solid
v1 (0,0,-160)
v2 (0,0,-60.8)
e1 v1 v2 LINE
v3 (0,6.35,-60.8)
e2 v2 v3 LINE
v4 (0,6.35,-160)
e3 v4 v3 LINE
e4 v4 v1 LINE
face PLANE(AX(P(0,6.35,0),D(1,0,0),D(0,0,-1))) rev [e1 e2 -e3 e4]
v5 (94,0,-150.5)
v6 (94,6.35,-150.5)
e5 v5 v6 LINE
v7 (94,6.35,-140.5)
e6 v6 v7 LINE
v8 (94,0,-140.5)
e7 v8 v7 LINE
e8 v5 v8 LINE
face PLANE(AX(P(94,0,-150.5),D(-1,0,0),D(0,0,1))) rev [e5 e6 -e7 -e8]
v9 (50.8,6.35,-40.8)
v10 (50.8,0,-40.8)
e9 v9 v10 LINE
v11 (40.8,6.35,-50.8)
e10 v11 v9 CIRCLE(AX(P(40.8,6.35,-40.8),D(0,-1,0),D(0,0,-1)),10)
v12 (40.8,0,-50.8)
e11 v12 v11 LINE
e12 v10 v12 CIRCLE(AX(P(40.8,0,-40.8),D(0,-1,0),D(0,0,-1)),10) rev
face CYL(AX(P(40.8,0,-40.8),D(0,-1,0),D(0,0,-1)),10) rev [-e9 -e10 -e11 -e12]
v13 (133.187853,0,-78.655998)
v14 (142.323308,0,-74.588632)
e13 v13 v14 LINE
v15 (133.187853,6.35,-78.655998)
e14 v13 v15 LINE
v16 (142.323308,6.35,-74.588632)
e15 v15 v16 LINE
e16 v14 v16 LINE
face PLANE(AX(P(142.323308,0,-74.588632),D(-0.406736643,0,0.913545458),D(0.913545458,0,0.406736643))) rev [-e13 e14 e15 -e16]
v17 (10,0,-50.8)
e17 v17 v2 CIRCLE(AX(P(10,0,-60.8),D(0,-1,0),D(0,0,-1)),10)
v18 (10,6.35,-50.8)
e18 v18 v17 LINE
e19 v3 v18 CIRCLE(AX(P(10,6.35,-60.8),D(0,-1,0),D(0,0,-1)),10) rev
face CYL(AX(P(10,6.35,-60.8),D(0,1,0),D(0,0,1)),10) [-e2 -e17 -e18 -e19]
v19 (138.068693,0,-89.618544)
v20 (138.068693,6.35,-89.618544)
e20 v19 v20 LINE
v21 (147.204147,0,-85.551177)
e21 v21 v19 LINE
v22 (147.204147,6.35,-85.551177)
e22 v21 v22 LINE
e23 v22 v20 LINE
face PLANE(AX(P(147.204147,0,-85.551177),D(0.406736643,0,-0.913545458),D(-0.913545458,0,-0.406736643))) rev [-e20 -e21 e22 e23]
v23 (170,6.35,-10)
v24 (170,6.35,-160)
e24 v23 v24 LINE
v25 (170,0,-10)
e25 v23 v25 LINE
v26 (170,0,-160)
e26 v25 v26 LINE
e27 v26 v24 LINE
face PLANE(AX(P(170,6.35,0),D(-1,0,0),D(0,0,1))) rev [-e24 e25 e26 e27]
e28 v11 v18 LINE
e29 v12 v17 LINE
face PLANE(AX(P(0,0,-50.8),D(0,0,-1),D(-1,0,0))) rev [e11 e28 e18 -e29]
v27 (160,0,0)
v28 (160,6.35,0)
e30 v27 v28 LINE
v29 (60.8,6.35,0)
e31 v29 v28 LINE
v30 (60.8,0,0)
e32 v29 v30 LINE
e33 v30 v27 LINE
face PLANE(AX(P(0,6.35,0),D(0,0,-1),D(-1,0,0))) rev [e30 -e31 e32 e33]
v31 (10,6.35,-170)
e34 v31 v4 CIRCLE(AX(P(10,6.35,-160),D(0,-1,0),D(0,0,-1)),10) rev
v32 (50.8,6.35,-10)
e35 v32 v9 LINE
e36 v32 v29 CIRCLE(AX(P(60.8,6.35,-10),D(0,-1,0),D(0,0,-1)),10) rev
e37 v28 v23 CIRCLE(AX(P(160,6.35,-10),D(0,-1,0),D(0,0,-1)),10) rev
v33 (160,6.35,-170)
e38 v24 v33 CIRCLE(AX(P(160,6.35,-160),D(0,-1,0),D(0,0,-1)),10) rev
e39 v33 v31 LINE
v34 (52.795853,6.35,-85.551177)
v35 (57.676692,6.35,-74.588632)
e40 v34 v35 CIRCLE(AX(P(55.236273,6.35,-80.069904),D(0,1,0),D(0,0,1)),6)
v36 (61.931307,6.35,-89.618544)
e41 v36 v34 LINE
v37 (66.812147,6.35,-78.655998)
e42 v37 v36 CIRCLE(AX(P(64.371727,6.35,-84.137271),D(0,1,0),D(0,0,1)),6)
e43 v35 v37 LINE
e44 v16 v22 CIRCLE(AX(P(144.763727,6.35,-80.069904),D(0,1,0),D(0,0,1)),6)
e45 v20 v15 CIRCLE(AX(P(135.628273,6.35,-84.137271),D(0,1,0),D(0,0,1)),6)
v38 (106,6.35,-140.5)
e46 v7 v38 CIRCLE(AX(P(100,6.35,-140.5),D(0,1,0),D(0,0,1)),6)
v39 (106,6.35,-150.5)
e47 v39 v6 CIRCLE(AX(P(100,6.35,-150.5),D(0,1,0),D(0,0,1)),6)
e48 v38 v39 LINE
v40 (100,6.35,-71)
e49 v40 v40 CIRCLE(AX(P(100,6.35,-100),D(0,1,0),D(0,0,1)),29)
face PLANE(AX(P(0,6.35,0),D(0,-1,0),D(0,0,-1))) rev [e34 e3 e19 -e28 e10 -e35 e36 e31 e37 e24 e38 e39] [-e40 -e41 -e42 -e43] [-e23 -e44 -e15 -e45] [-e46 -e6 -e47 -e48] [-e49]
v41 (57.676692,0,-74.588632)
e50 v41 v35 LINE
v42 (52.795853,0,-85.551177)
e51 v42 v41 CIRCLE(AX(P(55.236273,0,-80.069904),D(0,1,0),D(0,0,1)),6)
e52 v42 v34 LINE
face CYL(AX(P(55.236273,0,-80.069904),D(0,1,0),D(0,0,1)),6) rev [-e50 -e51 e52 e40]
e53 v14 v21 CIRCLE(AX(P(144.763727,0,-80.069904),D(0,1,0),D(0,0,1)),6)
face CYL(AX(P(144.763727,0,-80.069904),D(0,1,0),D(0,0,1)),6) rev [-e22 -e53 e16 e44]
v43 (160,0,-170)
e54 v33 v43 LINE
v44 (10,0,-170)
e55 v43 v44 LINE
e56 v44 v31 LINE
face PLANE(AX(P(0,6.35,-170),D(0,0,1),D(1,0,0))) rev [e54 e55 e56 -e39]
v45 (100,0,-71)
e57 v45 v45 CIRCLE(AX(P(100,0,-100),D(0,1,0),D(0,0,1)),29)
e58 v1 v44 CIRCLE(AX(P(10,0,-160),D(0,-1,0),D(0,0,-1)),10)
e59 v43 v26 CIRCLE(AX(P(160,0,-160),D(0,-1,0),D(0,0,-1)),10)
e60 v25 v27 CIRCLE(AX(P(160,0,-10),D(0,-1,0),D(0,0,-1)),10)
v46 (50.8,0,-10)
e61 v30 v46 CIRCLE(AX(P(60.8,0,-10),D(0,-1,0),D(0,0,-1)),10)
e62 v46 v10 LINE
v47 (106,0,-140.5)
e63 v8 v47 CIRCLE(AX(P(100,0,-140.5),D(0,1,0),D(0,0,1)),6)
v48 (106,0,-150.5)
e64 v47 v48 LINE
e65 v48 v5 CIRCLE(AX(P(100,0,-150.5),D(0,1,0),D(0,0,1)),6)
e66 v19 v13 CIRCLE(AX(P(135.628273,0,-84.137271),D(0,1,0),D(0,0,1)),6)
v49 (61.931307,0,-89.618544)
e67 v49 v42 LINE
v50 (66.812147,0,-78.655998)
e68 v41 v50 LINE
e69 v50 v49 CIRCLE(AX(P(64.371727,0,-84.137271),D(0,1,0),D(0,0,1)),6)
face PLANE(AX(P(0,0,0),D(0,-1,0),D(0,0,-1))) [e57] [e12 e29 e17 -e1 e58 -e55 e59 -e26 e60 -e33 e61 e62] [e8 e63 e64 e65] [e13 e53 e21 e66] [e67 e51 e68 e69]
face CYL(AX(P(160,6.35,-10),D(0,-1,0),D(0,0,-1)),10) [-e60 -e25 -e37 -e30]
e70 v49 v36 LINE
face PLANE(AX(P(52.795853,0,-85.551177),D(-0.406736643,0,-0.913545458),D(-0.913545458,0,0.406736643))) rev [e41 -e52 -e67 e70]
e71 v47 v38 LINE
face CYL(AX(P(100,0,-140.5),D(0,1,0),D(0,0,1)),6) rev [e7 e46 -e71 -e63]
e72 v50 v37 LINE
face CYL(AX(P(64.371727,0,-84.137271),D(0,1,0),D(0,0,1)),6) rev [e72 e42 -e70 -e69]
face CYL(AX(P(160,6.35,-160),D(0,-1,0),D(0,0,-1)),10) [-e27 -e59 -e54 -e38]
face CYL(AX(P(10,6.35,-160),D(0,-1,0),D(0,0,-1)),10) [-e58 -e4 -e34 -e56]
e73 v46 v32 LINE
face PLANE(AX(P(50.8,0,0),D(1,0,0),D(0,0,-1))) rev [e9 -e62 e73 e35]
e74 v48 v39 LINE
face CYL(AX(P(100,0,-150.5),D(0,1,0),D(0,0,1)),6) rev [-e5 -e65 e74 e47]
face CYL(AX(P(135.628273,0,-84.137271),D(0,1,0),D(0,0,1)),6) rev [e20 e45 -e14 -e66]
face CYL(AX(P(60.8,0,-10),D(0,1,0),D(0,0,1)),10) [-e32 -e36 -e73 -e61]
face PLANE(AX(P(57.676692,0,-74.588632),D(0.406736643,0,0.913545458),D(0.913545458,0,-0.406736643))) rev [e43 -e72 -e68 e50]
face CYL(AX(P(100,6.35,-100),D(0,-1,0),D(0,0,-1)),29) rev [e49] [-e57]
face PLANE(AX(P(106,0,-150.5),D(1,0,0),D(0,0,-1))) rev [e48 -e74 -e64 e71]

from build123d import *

# Parameters (mm, degrees)
SKETCH1_W           = 170
SKETCH1_H           = 170
SKETCH1_R           = 29
BOSS_EXTRUDE1_DEPTH = 6.35
SKETCH2_W           = 50.8
SKETCH2_H           = 50.8
CUT_EXTRUDE1_DEPTH  = 241.500150728
FILLET1_R           = 10
CUT_EXTRUDE2_DEPTH  = 241.500150728


with BuildPart() as part:
    # Sketch1 → Boss-Extrude1 (new body)
    with BuildSketch(Plane(origin=(0, 0, 0), x_dir=(1, 0, 0), z_dir=(0, 1, 0))):
        with Locations((85, 85)):
            Rectangle(SKETCH1_W, SKETCH1_H)
        with Locations(Location((100, 100, 0), (0, 0, 270))):
            Circle(SKETCH1_R, mode=Mode.SUBTRACT)
    extrude(amount=BOSS_EXTRUDE1_DEPTH)

    # Sketch2 → Cut-Extrude1 (cut, through all)
    with BuildSketch(Plane(origin=(0, 6.35, 0), x_dir=(1, 0, 0), z_dir=(0, 1, 0))):
        with Locations((25.4, 25.4)):
            Rectangle(SKETCH2_W, SKETCH2_H)
    extrude(amount=-CUT_EXTRUDE1_DEPTH, mode=Mode.SUBTRACT)

    # Fillet1
    fillet1_edges = [part.edges().sort_by_distance(p)[0] for p in [
        (0, 3.175, -50.8),
        (50.8, 3.175, -50.8),
        (50.8, 3.175, 0),
        (0, 3.175, -170),
        (170, 3.175, -170),
        (170, 3.175, 0),
    ]]
    fillet(fillet1_edges, radius=FILLET1_R)

    # Sketch3 → Cut-Extrude2 (cut, through all)
    with BuildSketch(Plane(origin=(0, 6.35, 0), x_dir=(1, 0, 0), z_dir=(0, 1, 0))):
        with BuildLine():
            Line((106, 150.5), (106, 140.5))
            ThreePointArc((106, 140.5), (100, 134.5), (94, 140.5))
            Line((94, 140.5), (94, 150.5))
            ThreePointArc((94, 150.5), (100, 156.5), (106, 150.5))
        make_face()
        with BuildLine():
            Line((52.795852717, 85.551177235), (61.931307293, 89.618543666))
            ThreePointArc((61.931307293, 89.618543666), (69.852999898, 86.577690778), (66.81214701, 78.655998174))
            Line((66.81214701, 78.655998174), (57.676692434, 74.588631743))
            ThreePointArc((57.676692434, 74.588631743), (49.75499983, 77.629484631), (52.795852717, 85.551177235))
        make_face()
        with BuildLine():
            Line((142.323307566, 74.588631743), (133.18785299, 78.655998174))
            ThreePointArc((133.18785299, 78.655998174), (130.147000102, 86.577690778), (138.068692707, 89.618543666))
            Line((138.068692707, 89.618543666), (147.204147283, 85.551177235))
            ThreePointArc((147.204147283, 85.551177235), (150.24500017, 77.629484631), (142.323307566, 74.588631743))
        make_face()
    extrude(amount=-CUT_EXTRUDE2_DEPTH, mode=Mode.SUBTRACT)


solid = part.part
